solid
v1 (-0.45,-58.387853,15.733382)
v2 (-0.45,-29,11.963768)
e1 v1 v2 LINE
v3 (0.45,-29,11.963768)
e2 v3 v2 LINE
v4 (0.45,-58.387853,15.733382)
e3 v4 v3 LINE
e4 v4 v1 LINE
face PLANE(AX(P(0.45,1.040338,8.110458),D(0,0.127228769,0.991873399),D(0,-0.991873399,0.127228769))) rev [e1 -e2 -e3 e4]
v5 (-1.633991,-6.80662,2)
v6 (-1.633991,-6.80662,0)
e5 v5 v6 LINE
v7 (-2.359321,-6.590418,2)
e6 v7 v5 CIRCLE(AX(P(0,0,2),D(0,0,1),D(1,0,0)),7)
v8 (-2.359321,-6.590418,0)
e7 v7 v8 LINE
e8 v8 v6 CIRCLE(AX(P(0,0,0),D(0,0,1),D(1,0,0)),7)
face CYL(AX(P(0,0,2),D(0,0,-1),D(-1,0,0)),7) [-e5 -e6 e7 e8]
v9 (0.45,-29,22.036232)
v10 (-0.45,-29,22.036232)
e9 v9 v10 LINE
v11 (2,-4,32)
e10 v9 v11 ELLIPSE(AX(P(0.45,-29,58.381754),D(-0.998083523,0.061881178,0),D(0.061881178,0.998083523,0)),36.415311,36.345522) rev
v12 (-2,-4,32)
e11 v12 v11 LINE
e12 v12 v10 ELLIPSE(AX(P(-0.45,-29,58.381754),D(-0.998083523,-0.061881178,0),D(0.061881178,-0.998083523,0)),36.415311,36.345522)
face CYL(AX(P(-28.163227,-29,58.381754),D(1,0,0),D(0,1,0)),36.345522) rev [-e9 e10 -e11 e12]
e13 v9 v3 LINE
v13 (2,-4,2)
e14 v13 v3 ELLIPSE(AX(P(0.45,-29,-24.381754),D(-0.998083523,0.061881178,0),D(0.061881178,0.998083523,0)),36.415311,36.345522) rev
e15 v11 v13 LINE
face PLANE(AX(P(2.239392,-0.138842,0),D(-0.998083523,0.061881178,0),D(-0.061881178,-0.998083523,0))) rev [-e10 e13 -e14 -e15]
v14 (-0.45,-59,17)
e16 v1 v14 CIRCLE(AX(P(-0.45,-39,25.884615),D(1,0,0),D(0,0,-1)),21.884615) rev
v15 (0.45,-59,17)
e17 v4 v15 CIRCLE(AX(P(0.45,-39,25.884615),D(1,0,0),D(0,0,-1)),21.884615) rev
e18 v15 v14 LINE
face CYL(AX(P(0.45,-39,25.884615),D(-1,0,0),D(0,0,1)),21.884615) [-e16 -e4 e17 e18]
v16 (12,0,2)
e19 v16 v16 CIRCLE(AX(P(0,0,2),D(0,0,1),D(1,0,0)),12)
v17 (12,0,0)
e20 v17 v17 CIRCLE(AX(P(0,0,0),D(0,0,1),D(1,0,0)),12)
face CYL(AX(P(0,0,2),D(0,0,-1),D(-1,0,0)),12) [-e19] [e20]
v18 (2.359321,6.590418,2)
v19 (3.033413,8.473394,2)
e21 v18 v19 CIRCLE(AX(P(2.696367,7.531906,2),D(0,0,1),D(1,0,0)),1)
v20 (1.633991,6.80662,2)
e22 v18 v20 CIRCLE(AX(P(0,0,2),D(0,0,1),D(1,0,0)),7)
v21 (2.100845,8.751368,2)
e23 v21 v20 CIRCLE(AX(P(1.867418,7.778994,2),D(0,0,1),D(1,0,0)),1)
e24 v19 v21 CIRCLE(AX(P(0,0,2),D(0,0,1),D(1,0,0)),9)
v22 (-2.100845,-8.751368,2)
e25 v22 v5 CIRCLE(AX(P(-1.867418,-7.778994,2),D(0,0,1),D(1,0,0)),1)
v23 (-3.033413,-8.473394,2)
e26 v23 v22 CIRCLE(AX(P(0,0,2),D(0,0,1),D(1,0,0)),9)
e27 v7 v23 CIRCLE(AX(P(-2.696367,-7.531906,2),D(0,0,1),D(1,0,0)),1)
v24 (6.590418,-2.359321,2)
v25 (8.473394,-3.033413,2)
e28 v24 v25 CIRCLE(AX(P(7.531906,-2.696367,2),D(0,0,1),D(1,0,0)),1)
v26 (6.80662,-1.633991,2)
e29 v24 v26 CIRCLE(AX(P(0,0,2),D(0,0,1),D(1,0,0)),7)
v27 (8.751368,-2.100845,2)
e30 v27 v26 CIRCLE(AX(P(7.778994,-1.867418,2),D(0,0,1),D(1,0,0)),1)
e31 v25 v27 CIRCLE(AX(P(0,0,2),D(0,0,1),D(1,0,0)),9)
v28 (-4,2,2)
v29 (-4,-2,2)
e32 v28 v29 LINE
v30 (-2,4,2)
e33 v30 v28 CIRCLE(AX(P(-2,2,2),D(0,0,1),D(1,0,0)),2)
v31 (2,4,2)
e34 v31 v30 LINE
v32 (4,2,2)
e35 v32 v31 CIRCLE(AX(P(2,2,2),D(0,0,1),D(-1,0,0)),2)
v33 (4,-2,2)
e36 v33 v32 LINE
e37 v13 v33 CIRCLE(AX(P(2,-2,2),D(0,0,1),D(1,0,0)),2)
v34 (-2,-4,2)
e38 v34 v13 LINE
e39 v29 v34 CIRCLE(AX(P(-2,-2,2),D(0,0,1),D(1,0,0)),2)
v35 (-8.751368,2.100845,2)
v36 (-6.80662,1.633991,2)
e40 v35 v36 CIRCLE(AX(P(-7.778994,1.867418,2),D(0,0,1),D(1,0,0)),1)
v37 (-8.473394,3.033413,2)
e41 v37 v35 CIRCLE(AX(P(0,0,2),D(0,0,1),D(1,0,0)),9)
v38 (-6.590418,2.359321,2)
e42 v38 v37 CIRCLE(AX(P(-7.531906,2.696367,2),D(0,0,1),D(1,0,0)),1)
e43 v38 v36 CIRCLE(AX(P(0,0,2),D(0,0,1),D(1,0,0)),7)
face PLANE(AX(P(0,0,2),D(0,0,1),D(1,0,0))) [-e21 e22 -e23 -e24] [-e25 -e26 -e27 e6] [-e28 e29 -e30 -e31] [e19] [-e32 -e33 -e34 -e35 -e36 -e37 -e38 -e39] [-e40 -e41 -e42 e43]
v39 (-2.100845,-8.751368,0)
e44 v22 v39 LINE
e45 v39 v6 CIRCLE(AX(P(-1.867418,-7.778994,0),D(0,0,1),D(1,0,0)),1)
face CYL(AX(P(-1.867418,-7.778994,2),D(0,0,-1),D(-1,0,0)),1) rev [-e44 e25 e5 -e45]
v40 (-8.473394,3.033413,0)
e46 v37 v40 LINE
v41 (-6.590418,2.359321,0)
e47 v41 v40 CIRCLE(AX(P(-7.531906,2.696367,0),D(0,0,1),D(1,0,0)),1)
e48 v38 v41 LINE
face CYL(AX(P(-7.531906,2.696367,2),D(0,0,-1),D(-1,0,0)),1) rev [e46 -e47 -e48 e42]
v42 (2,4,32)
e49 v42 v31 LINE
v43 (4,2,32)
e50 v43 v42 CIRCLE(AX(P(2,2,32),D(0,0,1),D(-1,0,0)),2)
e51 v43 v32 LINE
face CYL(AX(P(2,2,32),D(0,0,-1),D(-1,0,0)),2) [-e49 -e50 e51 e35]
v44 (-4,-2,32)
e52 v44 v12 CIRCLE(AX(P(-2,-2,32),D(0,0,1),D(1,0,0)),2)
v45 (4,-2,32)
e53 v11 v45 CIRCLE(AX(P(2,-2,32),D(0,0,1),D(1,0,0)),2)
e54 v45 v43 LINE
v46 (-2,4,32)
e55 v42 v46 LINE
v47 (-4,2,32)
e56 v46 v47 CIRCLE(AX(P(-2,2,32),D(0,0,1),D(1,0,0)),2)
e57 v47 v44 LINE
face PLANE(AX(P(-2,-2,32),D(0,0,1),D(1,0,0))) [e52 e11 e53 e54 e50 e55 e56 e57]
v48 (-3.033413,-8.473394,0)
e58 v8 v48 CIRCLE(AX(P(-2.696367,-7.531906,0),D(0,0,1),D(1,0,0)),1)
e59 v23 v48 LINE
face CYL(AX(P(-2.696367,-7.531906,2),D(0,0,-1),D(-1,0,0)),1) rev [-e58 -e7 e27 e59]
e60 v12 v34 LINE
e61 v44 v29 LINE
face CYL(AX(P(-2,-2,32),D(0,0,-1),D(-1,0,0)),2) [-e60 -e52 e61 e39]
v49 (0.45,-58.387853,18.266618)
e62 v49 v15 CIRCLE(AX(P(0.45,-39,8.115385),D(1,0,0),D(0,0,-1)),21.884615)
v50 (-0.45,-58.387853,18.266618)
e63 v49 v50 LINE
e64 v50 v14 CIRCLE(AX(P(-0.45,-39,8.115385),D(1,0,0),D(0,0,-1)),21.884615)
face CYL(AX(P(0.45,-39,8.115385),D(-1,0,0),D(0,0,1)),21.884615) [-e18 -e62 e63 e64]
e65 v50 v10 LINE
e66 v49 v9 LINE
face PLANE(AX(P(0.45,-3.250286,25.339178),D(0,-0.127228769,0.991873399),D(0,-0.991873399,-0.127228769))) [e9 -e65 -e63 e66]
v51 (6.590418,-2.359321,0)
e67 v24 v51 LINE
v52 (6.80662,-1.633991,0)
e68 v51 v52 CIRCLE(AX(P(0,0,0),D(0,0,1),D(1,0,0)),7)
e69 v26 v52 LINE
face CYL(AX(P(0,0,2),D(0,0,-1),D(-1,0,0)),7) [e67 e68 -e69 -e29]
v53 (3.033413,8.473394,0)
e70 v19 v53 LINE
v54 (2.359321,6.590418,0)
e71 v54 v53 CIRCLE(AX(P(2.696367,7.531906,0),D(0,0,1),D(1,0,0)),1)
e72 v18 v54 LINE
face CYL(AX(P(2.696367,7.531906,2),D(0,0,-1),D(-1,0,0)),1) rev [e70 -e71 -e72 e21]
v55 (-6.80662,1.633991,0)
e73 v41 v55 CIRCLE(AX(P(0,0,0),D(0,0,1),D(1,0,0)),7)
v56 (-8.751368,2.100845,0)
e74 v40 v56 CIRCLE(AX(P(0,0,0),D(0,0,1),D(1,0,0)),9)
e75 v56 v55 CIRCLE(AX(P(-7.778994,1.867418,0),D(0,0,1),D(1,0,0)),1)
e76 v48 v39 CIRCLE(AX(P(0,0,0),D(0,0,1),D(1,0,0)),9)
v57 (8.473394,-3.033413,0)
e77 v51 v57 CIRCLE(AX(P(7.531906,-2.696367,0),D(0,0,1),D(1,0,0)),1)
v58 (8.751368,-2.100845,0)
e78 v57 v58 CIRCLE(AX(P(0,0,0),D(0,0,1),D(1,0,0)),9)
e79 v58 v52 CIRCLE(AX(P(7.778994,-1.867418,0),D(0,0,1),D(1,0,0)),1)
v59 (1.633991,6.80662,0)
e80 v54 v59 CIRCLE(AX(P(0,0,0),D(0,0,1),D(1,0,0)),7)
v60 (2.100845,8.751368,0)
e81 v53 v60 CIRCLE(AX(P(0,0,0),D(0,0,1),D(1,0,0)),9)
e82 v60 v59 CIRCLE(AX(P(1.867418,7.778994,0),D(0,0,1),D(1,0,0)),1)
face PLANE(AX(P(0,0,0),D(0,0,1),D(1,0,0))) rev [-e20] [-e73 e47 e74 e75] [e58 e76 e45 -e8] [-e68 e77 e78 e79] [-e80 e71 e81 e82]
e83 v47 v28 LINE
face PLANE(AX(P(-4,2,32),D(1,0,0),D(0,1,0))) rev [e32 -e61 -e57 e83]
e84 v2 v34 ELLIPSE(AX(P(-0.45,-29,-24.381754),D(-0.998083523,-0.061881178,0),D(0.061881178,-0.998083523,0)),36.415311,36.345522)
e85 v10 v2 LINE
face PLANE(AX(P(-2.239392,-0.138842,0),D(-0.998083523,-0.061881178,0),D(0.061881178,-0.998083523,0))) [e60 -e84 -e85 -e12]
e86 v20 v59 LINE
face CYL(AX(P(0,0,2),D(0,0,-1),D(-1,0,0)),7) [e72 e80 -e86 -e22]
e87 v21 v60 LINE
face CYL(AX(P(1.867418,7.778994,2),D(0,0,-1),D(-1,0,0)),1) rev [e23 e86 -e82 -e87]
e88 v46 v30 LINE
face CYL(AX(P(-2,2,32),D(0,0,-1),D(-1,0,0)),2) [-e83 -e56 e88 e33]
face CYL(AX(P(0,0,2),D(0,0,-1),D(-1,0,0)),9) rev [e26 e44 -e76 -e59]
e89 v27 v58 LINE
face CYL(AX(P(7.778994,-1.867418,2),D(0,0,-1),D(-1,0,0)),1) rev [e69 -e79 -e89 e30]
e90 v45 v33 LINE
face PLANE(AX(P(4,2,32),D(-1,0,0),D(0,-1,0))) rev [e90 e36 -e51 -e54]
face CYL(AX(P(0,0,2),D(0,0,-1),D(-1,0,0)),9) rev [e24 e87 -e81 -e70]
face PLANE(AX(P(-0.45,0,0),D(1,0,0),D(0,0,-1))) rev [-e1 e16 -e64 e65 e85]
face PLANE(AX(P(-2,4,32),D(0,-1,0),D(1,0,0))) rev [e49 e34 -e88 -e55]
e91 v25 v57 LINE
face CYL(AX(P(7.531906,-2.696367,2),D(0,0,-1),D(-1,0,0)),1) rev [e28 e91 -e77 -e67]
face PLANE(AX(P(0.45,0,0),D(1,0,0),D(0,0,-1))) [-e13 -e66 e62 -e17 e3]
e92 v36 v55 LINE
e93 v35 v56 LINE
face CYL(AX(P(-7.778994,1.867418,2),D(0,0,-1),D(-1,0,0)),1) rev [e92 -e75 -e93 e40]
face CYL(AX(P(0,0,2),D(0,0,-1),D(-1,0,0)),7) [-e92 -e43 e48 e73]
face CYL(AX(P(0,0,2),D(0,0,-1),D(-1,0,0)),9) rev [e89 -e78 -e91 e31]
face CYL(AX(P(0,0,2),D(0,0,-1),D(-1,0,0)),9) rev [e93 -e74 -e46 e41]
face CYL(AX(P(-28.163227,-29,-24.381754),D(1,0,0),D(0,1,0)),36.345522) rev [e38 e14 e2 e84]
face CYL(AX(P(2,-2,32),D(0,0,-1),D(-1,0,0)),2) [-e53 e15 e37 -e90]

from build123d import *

# Parameters (mm, degrees)
ESQUISSE1_R             = 12
BOSS_EXTRU_1_DEPTH      = 2
BOSS_EXTRU_2_DEPTH      = 30
BOSS_EXTRU_3_DEPTH      = 0.45
ENL_V_MAT_EXTRU_1_REACH = 71


with BuildPart() as part:
    # Esquisse1 → Boss.-Extru.1 (new body)
    with BuildSketch(Plane.XY):
        Circle(ESQUISSE1_R)
        with BuildLine():
            ThreePointArc((-8.473394023, 3.033412884), (-8.624994546, 2.570888774), (-8.751368421, 2.10084525))
            ThreePointArc((-8.751368421, 2.10084525), (-8.012421402, 0.895043731), (-6.806619883, 1.63399075))
            ThreePointArc((-6.806619883, 1.63399075), (-6.708329091, 1.999580157), (-6.590417574, 2.359321132))
            ThreePointArc((-6.590417574, 2.359321132), (-7.194859923, 3.637855233), (-8.473394023, 3.033412884))
        make_face(mode=Mode.SUBTRACT)
        with BuildLine():
            ThreePointArc((3.033412884, 8.473394023), (2.570888774, 8.624994546), (2.10084525, 8.751368421))
            ThreePointArc((2.10084525, 8.751368421), (0.895043731, 8.012421402), (1.63399075, 6.806619883))
            ThreePointArc((1.63399075, 6.806619883), (1.999580157, 6.708329091), (2.359321132, 6.590417574))
            ThreePointArc((2.359321132, 6.590417574), (3.637855233, 7.194859923), (3.033412884, 8.473394023))
        make_face(mode=Mode.SUBTRACT)
        with BuildLine():
            ThreePointArc((8.473394023, -3.033412884), (8.624994546, -2.570888774), (8.751368421, -2.10084525))
            ThreePointArc((8.751368421, -2.10084525), (8.012421402, -0.895043731), (6.806619883, -1.63399075))
            ThreePointArc((6.806619883, -1.63399075), (6.708329091, -1.999580157), (6.590417574, -2.359321132))
            ThreePointArc((6.590417574, -2.359321132), (7.194859923, -3.637855233), (8.473394023, -3.033412884))
        make_face(mode=Mode.SUBTRACT)
        with BuildLine():
            ThreePointArc((-3.033412884, -8.473394023), (-2.570888774, -8.624994546), (-2.10084525, -8.751368421))
            ThreePointArc((-2.10084525, -8.751368421), (-0.895043731, -8.012421402), (-1.63399075, -6.806619883))
            ThreePointArc((-1.63399075, -6.806619883), (-1.999580157, -6.708329091), (-2.359321132, -6.590417574))
            ThreePointArc((-2.359321132, -6.590417574), (-3.637855233, -7.194859923), (-3.033412884, -8.473394023))
        make_face(mode=Mode.SUBTRACT)
    extrude(amount=BOSS_EXTRU_1_DEPTH)

    # Esquisse2 → Boss.-Extru.2 (add)
    with BuildSketch(Plane.XY.offset(2)):
        with BuildLine():
            Line((-2, 4), (2, 4))
            ThreePointArc((2, 4), (3.414213562, 3.414213562), (4, 2))
            Line((4, 2), (4, -2))
            ThreePointArc((4, -2), (3.414213562, -3.414213562), (2, -4))
            Line((2, -4), (-2, -4))
            ThreePointArc((-2, -4), (-3.414213562, -3.414213562), (-4, -2))
            Line((-4, -2), (-4, 2))
            ThreePointArc((-4, 2), (-3.414213562, 3.414213562), (-2, 4))
        make_face()
    extrude(amount=BOSS_EXTRU_2_DEPTH)


with BuildPart() as body_2:
    # Esquisse3 → Boss.-Extru.3 (new, symmetric)
    with BuildSketch(Plane(origin=(0, 0, 0), x_dir=(0, 0, -1), z_dir=(1, 0, 0))):
        with BuildLine():
            Line((-11.963767642, -29), (-22.036232358, -29))
            Line((-22.036232358, -29), (-18.266617818, -58.387853285))
            ThreePointArc((-18.266617818, -58.387853285), (-17.638228926, -58.70410685), (-17, -59))
            ThreePointArc((-17, -59), (-16.361771074, -58.70410685), (-15.733382182, -58.387853285))
            Line((-15.733382182, -58.387853285), (-11.963767642, -29))
        make_face()
    extrude(amount=BOSS_EXTRU_3_DEPTH, both=True)


    add(part.part)  # lissage1 joins it to this body
    # loft from a face of the part (lissage1)
    loft([body_2.faces().sort_by_distance((0, -29, 17))[0], body_2.faces().sort_by_distance((0, -4, 17))[0]])

    # Enlèv. mat.-Extru.1: up to this plane
    enl_v_mat_extru_1_end = Plane(origin=(-2.239391778, -0.13884229, 0), z_dir=(-0.998083523435423, -0.061881178452996184, 0))
    # Esquisse5 → Enlèv. mat.-Extru.1 (cut, up to the surface)
    with BuildSketch(Plane.ZY.offset(-4), mode=Mode.PRIVATE) as enl_v_mat_extru_1_sk1:
        with BuildLine():
            ThreePointArc((32, -4), (24.618937512, -15.543805649), (22.036232358, -29))
            Line((22.036232358, -29), (32, -4))
        make_face()
    enl_v_mat_extru_1_tool1 = split(extrude(enl_v_mat_extru_1_sk1.sketch, amount=ENL_V_MAT_EXTRU_1_REACH, mode=Mode.PRIVATE), bisect_by=enl_v_mat_extru_1_end, keep=Keep.BOTH, mode=Mode.PRIVATE)
    add(enl_v_mat_extru_1_tool1.solids().sort_by_distance((4, -16.116333, 26.055461))[0], mode=Mode.SUBTRACT)
    # Esquisse5 → Enlèv. mat.-Extru.1 (cut, up to the surface)
    with BuildSketch(Plane.ZY.offset(-4), mode=Mode.PRIVATE) as enl_v_mat_extru_1_sk2:
        with BuildLine():
            Line((32, -4), (22.036232358, -29))
            ThreePointArc((22.036232358, -29), (58.381754034, -65.345521676), (94.727275711, -29))
            ThreePointArc((94.727275711, -29), (71.837948385, 4.762816522), (32, -4))
        make_face()
    enl_v_mat_extru_1_tool2 = split(extrude(enl_v_mat_extru_1_sk2.sketch, amount=ENL_V_MAT_EXTRU_1_REACH, mode=Mode.PRIVATE), bisect_by=enl_v_mat_extru_1_end, keep=Keep.BOTH, mode=Mode.PRIVATE)
    add(enl_v_mat_extru_1_tool2.solids().sort_by_distance((4, -29.146557, 58.74948))[0], mode=Mode.SUBTRACT)
    # Esquisse5 → Enlèv. mat.-Extru.1 (cut, up to the surface)
    with BuildSketch(Plane.ZY.offset(-4), mode=Mode.PRIVATE) as enl_v_mat_extru_1_sk3:
        with BuildLine():
            Line((2, -4), (11.963767642, -29))
            ThreePointArc((11.963767642, -29), (9.381062488, -15.543805649), (2, -4))
        make_face()
    enl_v_mat_extru_1_tool3 = split(extrude(enl_v_mat_extru_1_sk3.sketch, amount=ENL_V_MAT_EXTRU_1_REACH, mode=Mode.PRIVATE), bisect_by=enl_v_mat_extru_1_end, keep=Keep.BOTH, mode=Mode.PRIVATE)
    add(enl_v_mat_extru_1_tool3.solids().sort_by_distance((4, -16.116333, 7.944539))[0], mode=Mode.SUBTRACT)


solid = body_2.part
